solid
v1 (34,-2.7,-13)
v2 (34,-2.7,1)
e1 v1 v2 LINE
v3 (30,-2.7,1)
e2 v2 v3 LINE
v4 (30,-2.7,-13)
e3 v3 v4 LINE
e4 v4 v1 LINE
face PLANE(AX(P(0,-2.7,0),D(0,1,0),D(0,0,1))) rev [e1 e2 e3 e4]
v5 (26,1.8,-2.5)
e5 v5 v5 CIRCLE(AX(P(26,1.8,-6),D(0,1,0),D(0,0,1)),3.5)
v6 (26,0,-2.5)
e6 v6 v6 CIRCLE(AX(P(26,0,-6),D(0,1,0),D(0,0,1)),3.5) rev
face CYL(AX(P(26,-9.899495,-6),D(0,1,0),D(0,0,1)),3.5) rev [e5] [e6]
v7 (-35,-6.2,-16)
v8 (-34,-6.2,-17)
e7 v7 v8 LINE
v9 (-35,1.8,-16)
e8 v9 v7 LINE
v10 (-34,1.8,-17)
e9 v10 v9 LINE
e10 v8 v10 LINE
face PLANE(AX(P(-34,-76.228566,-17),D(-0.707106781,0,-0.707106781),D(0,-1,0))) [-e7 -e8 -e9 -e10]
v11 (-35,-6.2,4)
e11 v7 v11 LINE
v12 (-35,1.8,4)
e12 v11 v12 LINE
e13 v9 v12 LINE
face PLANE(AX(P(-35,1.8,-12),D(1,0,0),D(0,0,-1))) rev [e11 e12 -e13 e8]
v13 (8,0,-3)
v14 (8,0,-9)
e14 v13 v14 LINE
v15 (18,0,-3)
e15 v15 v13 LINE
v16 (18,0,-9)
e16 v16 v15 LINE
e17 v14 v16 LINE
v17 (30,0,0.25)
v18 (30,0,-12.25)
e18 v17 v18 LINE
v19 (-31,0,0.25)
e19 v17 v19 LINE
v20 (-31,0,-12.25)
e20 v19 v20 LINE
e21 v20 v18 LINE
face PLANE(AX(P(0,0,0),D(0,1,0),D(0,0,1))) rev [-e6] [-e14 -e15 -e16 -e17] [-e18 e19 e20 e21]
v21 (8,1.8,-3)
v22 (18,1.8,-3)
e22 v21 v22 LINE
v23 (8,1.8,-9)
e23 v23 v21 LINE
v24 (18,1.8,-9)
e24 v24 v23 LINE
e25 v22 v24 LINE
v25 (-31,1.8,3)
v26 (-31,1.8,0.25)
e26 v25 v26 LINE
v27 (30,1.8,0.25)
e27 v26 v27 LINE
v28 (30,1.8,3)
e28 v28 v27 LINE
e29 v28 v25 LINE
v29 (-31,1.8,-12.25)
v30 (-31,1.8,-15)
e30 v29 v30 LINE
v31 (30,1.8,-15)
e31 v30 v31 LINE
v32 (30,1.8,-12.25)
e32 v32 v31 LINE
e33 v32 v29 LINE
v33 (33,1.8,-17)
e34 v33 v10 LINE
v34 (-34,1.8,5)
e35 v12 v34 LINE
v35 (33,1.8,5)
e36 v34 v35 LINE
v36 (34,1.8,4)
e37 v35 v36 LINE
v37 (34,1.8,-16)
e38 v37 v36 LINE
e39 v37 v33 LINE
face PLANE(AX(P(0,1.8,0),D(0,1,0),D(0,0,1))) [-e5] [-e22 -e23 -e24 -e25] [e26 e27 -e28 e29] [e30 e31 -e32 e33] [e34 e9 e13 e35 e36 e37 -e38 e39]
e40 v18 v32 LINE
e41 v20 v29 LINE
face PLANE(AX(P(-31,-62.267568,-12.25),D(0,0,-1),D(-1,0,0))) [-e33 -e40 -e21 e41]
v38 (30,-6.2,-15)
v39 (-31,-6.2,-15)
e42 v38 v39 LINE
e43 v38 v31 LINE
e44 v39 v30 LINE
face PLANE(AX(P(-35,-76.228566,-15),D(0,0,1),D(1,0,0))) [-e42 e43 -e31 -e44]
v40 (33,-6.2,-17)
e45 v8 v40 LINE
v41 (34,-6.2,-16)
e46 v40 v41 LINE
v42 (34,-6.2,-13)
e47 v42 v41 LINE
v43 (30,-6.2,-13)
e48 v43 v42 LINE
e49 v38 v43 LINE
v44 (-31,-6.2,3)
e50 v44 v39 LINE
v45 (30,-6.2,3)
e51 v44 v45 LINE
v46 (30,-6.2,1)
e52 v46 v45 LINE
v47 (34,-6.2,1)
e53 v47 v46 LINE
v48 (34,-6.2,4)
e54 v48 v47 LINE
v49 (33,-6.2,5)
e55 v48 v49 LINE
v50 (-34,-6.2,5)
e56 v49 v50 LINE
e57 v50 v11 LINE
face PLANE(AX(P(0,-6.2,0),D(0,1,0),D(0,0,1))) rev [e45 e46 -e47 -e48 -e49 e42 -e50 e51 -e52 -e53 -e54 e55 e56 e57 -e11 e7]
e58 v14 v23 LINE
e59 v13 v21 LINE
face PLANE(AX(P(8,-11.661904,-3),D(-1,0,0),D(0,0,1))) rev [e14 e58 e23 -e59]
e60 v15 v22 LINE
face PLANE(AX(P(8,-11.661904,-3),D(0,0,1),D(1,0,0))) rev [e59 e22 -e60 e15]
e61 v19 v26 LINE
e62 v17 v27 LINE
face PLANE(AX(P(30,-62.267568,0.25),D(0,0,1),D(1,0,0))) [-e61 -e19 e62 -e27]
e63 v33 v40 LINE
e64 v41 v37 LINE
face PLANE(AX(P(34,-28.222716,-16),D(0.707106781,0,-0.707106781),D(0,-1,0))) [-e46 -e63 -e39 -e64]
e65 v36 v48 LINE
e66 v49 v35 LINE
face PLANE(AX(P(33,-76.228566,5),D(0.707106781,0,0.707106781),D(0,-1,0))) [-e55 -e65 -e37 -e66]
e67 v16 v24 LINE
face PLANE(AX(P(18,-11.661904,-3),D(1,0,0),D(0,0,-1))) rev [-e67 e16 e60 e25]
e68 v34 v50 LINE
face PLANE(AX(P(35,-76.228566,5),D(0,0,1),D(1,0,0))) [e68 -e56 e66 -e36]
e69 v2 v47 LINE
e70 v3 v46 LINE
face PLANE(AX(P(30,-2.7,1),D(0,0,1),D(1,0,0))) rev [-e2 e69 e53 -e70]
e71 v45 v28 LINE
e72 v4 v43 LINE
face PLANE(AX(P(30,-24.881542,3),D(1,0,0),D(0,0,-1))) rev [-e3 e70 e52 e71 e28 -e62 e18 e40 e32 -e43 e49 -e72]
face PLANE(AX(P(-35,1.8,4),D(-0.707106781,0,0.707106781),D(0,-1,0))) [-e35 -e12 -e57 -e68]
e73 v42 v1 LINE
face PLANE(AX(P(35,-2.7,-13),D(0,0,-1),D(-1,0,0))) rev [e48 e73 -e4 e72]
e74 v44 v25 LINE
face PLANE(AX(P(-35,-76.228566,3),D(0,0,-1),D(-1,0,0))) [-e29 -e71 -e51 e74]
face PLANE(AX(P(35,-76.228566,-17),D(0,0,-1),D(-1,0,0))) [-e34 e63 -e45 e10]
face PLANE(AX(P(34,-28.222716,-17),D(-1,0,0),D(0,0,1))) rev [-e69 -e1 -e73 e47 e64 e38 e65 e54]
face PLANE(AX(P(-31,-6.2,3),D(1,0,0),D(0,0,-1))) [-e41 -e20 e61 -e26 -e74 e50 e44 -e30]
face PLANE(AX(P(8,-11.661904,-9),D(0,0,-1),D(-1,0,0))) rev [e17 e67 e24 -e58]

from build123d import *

# Parameters (mm, degrees)
SKETCH1_W                       = 70
SKETCH1_H                       = 12
BOSS_EXTRUDE1_DEPTH             = 1.8
SKETCH2_W                       = 4
SKETCH2_H                       = 18
BOSS_EXTRUDE2_DEPTH             = 8
BOSS_EXTRUDE3_REACH             = 40.58
SKETCH3_W                       = 5
SKETCH3_H                       = 18
BOSS_EXTRUDE3_DIRECTION_2_REACH = 40.58
SKETCH4_W                       = 5
SKETCH4_H                       = 14
CUT_EXTRUDE1_DEPTH              = 3.5
SKETCH5_W                       = 61
SKETCH5_H                       = 12.5
BOSS_EXTRUDE4_DEPTH             = 1.8
SKETCH7_W                       = 70
SKETCH7_H                       = 2
BOSS_EXTRUDE5_DEPTH             = 8
SKETCH10_R                      = 3.5
CUT_EXTRUDE2_DEPTH              = 1.8
SKETCH11_W                      = 10
SKETCH11_H                      = 6
CUT_EXTRUDE3_DEPTH              = 1.8
CUT_EXTRUDE4_START              = -8
SKETCH12_W                      = 1
SKETCH12_H                      = 22
CUT_EXTRUDE4_DEPTH              = 8
CHAMFER1_SIZE                   = 1


with BuildPart() as part:
    # Sketch1 → Boss-Extrude1 (new body)
    with BuildSketch(Plane(origin=(0, 0, 0), x_dir=(1, 0, 0), z_dir=(0, 1, 0))):
        with Locations((0, 6)):
            Rectangle(SKETCH1_W, SKETCH1_H)
    extrude(amount=BOSS_EXTRUDE1_DEPTH)

    # Sketch2 → Boss-Extrude2 (add)
    with BuildSketch(Plane(origin=(0, 1.8, 0), x_dir=(1, 0, 0), z_dir=(0, 1, 0))):
        with Locations((-33, 6)):
            Rectangle(SKETCH2_W, SKETCH2_H)
    extrude(amount=-BOSS_EXTRUDE2_DEPTH)

    # Boss-Extrude3: up to this face of the body (flat: up to its plane)
    boss_extrude3_end = Plane(part.part.faces().sort_by_distance((-33, -6.2, -6))[0])
    # Sketch3 → Boss-Extrude3 (add, up to the picked face)
    with BuildSketch(Plane.XZ, mode=Mode.PRIVATE) as boss_extrude3_sk1:
        with Locations((32.5, -6)):
            Rectangle(SKETCH3_W, SKETCH3_H)
    boss_extrude3_tool1 = split(extrude(boss_extrude3_sk1.sketch, amount=BOSS_EXTRUDE3_REACH, mode=Mode.PRIVATE), bisect_by=boss_extrude3_end, keep=Keep.BOTH, mode=Mode.PRIVATE)
    add(boss_extrude3_tool1.solids().sort_by(Axis((32.5, 0, -6), (0, -1, 0)))[0])

    # Boss-Extrude3 direction 2: up to this face of the body (flat: up to its plane)
    boss_extrude3_direction_2_end = Plane(part.part.faces().sort_by_distance((-0.916666667, 1.8, -6))[0])
    # Sketch3 → Boss-Extrude3 direction 2 (add, up to the picked face)
    with BuildSketch(Plane.XZ, mode=Mode.PRIVATE) as boss_extrude3_direction_2_sk1:
        with Locations((32.5, -6)):
            Rectangle(SKETCH3_W, SKETCH3_H)
    boss_extrude3_direction_2_tool1 = split(extrude(boss_extrude3_direction_2_sk1.sketch, amount=-BOSS_EXTRUDE3_DIRECTION_2_REACH, mode=Mode.PRIVATE), bisect_by=boss_extrude3_direction_2_end, keep=Keep.BOTH, mode=Mode.PRIVATE)
    add(boss_extrude3_direction_2_tool1.solids().sort_by(Axis((32.5, 0, -6), (0, 1, 0)))[0])

    # Sketch4 → Cut-Extrude1 (cut)
    with BuildSketch(Plane.XZ.offset(6.2)):
        with Locations((32.5, -6)):
            Rectangle(SKETCH4_W, SKETCH4_H)
    extrude(amount=-CUT_EXTRUDE1_DEPTH, mode=Mode.SUBTRACT)

    # Sketch5 → Boss-Extrude4 (add)
    with BuildSketch(Plane(origin=(0, 1.8, 0), x_dir=(1, 0, 0), z_dir=(0, 1, 0))):
        with Locations((-0.5, 6)):
            Rectangle(SKETCH5_W, SKETCH5_H)
    extrude(amount=-BOSS_EXTRUDE4_DEPTH)

    # Sketch7 → Boss-Extrude5 (add)
    with BuildSketch(Plane(origin=(0, 1.8, 0), x_dir=(1, 0, 0), z_dir=(0, 1, 0))):
        with Locations((0, 16)):
            Rectangle(SKETCH7_W, SKETCH7_H)
        with Locations((0, -4)):
            Rectangle(SKETCH7_W, SKETCH7_H)
    extrude(amount=-BOSS_EXTRUDE5_DEPTH)

    # Sketch10 → Cut-Extrude2 (cut)
    with BuildSketch(Plane(origin=(0, 1.8, 0), x_dir=(1, 0, 0), z_dir=(0, 1, 0))):
        with Locations(Location((26, 6, 0), (0, 0, 270))):
            Circle(SKETCH10_R)
    extrude(amount=-CUT_EXTRUDE2_DEPTH, mode=Mode.SUBTRACT)

    # Sketch11 → Cut-Extrude3 (cut)
    with BuildSketch(Plane(origin=(0, 1.8, 0), x_dir=(1, 0, 0), z_dir=(0, 1, 0))):
        with Locations((13, 6)):
            Rectangle(SKETCH11_W, SKETCH11_H)
    extrude(amount=-CUT_EXTRUDE3_DEPTH, mode=Mode.SUBTRACT)

    # Sketch12 → Cut-Extrude4 (cut)
    with BuildSketch(Plane(origin=(0, 1.8, 0), x_dir=(1, 0, 0), z_dir=(0, 1, 0)).offset(CUT_EXTRUDE4_START)):
        with Locations((34.5, 6)):
            Rectangle(SKETCH12_W, SKETCH12_H)
    extrude(amount=CUT_EXTRUDE4_DEPTH, mode=Mode.SUBTRACT)

    # Chamfer1
    chamfer1_edges = [part.edges().sort_by_distance(p)[0] for p in [
        (-35, -2.2, -17),
        (-35, -2.2, 5),
        (34, -2.2, 5),
        (34, -2.2, -17),
    ]]
    chamfer(chamfer1_edges, length=CHAMFER1_SIZE)


solid = part.part
